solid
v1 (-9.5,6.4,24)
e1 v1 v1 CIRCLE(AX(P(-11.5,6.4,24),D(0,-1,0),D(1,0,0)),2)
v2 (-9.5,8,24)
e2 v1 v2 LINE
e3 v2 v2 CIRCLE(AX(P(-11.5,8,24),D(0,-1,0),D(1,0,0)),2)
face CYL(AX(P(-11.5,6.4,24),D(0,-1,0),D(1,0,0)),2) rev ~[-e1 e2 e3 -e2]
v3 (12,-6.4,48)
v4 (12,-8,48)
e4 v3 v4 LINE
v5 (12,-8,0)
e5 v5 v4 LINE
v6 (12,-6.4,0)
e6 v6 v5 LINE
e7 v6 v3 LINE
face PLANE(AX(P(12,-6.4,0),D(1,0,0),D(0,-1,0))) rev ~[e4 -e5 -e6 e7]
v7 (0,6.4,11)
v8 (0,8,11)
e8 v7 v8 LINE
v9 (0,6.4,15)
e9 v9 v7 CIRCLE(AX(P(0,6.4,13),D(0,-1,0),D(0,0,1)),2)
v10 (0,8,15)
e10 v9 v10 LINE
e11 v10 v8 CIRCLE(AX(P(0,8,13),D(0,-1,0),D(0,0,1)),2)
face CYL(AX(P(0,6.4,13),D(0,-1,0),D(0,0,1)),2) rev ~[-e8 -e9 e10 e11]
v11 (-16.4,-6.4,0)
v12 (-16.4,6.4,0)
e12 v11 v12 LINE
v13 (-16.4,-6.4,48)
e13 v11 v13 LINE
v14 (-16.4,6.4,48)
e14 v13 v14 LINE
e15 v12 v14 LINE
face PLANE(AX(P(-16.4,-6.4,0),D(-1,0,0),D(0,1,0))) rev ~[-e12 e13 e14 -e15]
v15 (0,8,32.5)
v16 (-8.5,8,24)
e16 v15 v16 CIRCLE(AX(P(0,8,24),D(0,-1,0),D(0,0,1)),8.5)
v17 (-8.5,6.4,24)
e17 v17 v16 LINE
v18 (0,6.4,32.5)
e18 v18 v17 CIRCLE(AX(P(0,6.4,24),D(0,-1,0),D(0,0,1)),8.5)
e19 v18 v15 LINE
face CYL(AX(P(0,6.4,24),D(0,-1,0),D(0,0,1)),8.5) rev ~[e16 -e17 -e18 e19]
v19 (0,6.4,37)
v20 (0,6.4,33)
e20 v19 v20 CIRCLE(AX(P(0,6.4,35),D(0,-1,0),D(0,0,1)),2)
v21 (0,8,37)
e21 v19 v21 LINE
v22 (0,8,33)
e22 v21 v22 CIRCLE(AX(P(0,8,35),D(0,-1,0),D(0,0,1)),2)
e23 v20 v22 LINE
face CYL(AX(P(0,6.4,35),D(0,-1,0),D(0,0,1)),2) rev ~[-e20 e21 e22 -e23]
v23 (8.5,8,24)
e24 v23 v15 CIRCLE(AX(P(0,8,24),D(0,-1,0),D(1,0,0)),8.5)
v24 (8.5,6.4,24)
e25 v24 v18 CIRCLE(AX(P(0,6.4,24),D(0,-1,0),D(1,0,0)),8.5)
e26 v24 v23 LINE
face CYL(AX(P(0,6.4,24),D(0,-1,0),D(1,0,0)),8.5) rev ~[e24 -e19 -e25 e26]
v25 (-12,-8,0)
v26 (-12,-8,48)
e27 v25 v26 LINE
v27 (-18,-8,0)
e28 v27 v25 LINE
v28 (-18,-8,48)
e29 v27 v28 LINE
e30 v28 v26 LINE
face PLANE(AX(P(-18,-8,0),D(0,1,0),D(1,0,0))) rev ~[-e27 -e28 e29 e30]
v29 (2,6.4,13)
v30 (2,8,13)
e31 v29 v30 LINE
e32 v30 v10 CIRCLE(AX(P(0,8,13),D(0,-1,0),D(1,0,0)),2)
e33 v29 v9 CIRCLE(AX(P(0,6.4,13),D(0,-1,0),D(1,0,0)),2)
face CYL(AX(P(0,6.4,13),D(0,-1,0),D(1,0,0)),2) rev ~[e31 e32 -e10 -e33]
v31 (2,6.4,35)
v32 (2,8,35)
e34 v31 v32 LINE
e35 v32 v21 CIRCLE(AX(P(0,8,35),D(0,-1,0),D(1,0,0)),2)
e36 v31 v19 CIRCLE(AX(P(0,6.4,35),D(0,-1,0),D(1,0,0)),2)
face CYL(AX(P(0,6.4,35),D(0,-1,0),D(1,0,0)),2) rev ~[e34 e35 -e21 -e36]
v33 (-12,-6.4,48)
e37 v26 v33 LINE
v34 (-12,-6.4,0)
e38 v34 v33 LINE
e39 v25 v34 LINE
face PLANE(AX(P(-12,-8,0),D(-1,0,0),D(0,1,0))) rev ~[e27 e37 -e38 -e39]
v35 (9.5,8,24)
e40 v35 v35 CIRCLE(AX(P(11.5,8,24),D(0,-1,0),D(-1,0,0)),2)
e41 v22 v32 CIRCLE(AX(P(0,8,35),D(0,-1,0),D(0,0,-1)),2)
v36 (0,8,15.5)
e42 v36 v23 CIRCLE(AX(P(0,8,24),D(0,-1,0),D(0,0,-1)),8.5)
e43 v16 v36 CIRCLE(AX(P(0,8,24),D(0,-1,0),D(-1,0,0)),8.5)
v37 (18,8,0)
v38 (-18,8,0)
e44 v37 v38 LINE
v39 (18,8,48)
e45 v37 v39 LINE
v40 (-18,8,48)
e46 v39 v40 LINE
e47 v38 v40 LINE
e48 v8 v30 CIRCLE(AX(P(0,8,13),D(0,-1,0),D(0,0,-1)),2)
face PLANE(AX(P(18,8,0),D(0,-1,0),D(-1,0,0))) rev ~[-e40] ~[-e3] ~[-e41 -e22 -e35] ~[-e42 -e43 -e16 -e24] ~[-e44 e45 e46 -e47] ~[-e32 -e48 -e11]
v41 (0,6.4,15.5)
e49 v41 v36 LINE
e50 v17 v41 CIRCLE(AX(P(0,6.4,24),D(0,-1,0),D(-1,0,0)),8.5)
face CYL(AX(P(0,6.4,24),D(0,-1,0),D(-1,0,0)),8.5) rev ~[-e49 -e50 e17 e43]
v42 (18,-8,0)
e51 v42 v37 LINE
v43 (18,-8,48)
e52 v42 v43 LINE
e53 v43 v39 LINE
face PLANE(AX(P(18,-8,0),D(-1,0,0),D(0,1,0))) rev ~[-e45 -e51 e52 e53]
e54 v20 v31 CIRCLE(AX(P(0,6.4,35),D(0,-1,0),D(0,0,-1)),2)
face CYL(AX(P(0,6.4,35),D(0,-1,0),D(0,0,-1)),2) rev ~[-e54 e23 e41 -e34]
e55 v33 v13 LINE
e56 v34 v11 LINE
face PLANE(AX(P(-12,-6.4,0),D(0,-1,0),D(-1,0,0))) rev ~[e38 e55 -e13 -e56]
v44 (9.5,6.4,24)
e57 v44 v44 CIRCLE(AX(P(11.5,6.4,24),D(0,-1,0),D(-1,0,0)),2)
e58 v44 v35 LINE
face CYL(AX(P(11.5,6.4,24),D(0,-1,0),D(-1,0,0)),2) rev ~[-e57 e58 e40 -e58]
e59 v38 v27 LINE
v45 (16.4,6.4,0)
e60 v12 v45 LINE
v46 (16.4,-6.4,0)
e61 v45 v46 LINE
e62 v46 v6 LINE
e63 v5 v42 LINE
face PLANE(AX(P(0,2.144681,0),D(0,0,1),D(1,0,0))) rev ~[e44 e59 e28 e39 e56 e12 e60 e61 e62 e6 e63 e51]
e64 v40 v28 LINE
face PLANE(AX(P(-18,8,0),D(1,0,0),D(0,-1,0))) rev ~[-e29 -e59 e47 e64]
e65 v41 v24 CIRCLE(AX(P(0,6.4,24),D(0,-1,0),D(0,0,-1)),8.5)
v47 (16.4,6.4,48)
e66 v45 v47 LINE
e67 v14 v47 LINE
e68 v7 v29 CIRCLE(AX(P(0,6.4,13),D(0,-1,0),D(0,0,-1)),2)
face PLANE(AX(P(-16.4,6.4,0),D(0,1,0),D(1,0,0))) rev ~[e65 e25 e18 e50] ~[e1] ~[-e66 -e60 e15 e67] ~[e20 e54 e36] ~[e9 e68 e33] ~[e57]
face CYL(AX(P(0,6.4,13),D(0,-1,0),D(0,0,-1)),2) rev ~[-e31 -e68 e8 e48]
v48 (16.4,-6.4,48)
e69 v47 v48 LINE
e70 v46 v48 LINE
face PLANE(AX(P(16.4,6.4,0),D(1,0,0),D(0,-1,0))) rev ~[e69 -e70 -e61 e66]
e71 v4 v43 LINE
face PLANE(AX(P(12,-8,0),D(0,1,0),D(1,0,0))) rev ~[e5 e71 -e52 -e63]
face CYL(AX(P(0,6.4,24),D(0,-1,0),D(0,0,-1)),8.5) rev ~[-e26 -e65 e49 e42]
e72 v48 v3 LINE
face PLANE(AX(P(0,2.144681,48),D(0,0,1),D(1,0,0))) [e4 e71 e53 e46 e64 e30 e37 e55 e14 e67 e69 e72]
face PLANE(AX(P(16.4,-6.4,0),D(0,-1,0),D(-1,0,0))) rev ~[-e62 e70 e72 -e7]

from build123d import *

# Parameters (mm, degrees)
F1_DEPTH = 48
F3_DEPTH = 25
F4_DEPTH = 25
F5_DEPTH = 25


with BuildPart() as f1:
    # F0 (on Top) → F1 (new body)
    with BuildSketch(Plane.XY):
        Polygon((12, -8), (18, -8), (18, 8), (-18, 8), (-18, -8), (-12, -8), (-12, -6.4), (-16.4, -6.4), (-16.4, 6.4), (16.4, 6.4), (16.4, -6.4), (12, -6.4), align=None)
    extrude(amount=F1_DEPTH)

    # F2 (on face) → F3 (cut)
    with BuildSketch(Plane.XZ.offset(-6.4)):
        with BuildLine():
            Line((0, 24), (0, 32.5))
            ThreePointArc((0, 32.5), (-6.0104076401, 30.0104076401), (-8.5, 24))
            Line((-8.5, 24), (0, 24))
        make_face()
        with BuildLine():
            ThreePointArc((8.5, 24), (6.0104076401, 30.0104076401), (0, 32.5))
            Line((0, 32.5), (0, 24))
            Line((0, 24), (8.5, 24))
        make_face()
        with BuildLine():
            Line((0, 15.5), (0, 24))
            Line((0, 24), (-8.5, 24))
            ThreePointArc((-8.5, 24), (-6.0104076401, 17.9895923599), (0, 15.5))
        make_face()
        with BuildLine():
            Line((8.5, 24), (0, 24))
            Line((0, 24), (0, 15.5))
            ThreePointArc((0, 15.5), (6.0104076401, 17.9895923599), (8.5, 24))
        make_face()
    extrude(amount=-F3_DEPTH, mode=Mode.SUBTRACT)

    # F2 (on face) → F4 (cut)
    with BuildSketch(Plane.XZ.offset(-6.4)):
        with BuildLine():
            Line((0, 15), (0, 11))
            ThreePointArc((0, 11), (1.4142135624, 11.5857864376), (2, 13))
            ThreePointArc((2, 13), (1.4142135624, 14.4142135624), (0, 15))
        make_face()
        with BuildLine():
            ThreePointArc((0, 15), (-2, 13), (0, 11))
            Line((0, 11), (0, 15))
        make_face()
        with BuildLine():
            Line((0, 33), (0, 37))
            ThreePointArc((0, 37), (-2, 35), (0, 33))
        make_face()
        with BuildLine():
            ThreePointArc((2, 35), (1.4142135624, 36.4142135624), (0, 37))
            Line((0, 37), (0, 33))
            ThreePointArc((0, 33), (1.4142135624, 33.5857864376), (2, 35))
        make_face()
    extrude(amount=-F4_DEPTH, mode=Mode.SUBTRACT)

    # F2 (on face) → F5 (cut)
    with BuildSketch(Plane.XZ.offset(-6.4)):
        with BuildLine():
            Line((-9.5, 24), (-13.5, 24))
            ThreePointArc((-13.5, 24), (-11.5, 22), (-9.5, 24))
        make_face()
        with BuildLine():
            ThreePointArc((-9.5, 24), (-11.5, 26), (-13.5, 24))
            Line((-13.5, 24), (-9.5, 24))
        make_face()
        with BuildLine():
            Line((9.5, 24), (13.5, 24))
            ThreePointArc((13.5, 24), (11.5, 26), (9.5, 24))
        make_face()
        with BuildLine():
            ThreePointArc((9.5, 24), (11.5, 22), (13.5, 24))
            Line((13.5, 24), (9.5, 24))
        make_face()
    extrude(amount=-F5_DEPTH, mode=Mode.SUBTRACT)


solid = f1.part
